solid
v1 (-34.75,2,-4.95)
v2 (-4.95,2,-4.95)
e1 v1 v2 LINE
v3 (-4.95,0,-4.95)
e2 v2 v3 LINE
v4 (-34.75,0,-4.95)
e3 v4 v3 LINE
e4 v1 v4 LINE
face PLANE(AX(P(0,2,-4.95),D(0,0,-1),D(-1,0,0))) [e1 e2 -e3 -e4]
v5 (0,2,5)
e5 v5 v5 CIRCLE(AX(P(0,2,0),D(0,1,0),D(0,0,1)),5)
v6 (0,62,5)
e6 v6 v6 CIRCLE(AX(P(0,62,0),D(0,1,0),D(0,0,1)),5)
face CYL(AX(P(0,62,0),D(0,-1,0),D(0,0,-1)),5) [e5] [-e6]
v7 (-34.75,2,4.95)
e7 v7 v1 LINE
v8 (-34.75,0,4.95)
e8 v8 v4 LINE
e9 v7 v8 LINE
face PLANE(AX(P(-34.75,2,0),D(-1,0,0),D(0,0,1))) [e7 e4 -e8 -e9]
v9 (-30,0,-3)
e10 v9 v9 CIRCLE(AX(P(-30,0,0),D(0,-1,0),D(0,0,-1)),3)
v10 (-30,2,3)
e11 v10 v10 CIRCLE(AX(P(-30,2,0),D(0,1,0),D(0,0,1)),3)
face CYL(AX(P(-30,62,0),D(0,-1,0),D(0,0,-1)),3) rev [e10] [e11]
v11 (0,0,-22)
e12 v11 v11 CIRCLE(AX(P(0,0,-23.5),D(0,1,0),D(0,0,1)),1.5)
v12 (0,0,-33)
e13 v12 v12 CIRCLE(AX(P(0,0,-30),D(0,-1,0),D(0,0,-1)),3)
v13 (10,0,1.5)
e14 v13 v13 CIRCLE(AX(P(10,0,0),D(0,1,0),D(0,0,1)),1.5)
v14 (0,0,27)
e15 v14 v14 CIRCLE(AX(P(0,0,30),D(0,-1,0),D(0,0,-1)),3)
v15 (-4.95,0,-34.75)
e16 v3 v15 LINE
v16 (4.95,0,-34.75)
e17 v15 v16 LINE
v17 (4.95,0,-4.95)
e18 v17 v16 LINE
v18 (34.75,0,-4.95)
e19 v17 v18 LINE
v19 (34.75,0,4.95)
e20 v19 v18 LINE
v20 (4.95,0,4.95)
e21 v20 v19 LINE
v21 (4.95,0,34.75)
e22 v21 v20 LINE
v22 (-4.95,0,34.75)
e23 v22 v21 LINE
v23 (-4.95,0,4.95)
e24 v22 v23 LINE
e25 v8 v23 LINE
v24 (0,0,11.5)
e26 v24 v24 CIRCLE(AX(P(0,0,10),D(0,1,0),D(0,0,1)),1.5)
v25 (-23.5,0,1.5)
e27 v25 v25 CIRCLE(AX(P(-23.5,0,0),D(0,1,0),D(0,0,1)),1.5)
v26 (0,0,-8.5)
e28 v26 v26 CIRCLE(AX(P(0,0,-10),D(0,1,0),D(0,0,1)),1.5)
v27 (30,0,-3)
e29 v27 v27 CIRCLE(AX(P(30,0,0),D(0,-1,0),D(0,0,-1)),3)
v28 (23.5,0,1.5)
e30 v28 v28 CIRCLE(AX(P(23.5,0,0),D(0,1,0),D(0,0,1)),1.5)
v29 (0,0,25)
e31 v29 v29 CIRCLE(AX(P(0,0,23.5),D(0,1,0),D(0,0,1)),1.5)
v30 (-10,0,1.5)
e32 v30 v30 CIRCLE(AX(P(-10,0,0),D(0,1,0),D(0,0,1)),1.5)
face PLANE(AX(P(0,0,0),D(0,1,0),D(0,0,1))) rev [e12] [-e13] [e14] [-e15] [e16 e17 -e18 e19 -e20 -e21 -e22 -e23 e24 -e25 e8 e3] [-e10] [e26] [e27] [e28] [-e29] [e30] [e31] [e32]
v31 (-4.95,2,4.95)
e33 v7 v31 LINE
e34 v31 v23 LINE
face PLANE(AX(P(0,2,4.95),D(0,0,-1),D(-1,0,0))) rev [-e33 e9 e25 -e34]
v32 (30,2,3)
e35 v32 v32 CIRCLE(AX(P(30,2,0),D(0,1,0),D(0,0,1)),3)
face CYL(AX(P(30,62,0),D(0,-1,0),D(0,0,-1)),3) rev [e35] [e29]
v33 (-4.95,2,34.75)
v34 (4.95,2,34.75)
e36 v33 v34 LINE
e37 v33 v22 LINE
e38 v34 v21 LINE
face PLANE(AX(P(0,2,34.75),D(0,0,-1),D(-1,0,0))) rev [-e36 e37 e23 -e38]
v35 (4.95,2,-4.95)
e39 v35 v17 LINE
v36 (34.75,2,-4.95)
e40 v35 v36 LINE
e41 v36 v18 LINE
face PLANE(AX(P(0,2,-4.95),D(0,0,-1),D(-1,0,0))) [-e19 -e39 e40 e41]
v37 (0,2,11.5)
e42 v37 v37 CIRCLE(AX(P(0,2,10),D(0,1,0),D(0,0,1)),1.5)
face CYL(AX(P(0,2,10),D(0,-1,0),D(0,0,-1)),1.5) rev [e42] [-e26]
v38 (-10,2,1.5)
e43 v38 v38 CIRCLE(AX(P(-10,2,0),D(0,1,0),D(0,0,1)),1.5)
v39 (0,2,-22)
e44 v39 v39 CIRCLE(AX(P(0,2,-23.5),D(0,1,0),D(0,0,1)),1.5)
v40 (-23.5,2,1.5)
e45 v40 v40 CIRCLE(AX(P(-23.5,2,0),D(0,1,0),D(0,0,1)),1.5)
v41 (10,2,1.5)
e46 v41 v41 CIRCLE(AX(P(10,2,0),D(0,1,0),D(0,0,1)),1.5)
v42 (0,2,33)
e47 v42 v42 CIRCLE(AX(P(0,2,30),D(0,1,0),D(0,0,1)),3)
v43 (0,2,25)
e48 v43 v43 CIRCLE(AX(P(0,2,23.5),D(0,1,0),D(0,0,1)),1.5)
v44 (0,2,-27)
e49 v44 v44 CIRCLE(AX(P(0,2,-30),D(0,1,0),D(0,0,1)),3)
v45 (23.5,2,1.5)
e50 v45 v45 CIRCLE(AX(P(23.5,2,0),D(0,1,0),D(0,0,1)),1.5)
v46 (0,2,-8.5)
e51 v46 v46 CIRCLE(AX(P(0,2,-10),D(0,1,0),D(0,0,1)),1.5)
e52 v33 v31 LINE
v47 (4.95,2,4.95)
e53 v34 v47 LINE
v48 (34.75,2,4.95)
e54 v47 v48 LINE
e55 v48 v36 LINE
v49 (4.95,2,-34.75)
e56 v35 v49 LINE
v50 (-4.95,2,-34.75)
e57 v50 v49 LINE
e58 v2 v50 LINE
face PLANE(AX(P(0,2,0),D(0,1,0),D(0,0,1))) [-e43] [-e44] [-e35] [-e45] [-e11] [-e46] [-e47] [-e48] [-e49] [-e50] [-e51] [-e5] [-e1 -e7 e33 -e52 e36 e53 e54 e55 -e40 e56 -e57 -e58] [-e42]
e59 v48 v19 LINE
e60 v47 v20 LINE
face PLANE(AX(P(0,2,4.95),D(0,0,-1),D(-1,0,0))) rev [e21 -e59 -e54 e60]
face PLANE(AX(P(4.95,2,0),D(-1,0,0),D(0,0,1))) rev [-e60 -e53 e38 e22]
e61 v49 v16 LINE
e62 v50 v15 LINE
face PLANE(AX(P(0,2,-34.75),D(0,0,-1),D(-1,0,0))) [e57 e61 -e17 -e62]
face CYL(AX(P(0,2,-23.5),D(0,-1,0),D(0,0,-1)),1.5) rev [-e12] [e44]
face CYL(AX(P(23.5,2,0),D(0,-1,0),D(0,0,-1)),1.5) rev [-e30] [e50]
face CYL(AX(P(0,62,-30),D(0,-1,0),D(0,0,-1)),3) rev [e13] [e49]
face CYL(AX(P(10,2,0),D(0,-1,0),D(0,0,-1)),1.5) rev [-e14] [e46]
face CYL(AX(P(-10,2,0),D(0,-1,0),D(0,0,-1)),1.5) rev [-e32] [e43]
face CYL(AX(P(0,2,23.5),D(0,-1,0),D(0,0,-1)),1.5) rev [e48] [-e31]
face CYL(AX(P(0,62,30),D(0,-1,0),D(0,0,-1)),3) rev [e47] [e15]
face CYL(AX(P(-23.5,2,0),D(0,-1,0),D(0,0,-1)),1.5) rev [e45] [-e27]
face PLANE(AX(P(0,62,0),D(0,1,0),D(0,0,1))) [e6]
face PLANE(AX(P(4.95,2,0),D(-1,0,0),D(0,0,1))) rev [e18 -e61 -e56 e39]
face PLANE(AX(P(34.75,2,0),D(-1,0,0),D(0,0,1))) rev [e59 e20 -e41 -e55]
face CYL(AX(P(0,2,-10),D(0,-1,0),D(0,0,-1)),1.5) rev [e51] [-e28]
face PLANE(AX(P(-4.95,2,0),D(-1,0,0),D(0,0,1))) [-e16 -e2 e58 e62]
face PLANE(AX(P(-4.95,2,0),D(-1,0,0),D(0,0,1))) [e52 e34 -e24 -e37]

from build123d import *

# Parameters (mm, degrees)
SKETCH_2_W          = 69.5
SKETCH_2_H          = 9.9
SKETCH_2_R          = 1.5
SKETCH_2_W_2        = 9.9
SKETCH_2_H_2        = 69.5
EXTRUDE_5_DEPTH     = 2
SKETCH_4_R          = 5
EXTRUDE_8_DEPTH     = 60
SKETCH_6_R          = 3
CUT_EXTRUDE_1_DEPTH = 80.114632022


with BuildPart() as part:
    # 草图2 → 凸台-拉伸5 (new body)
    # profile 1 of 2: a face of its own
    with BuildSketch(Plane(origin=(0, 0, 0), x_dir=(1, 0, 0), z_dir=(0, 1, 0))):
        Rectangle(SKETCH_2_W, SKETCH_2_H)
        with Locations(Location((23.5, 0, 0), (0, 0, 270))):
            Circle(SKETCH_2_R, mode=Mode.SUBTRACT)
        with Locations(Location((10, 0, 0), (0, 0, 270))):
            Circle(SKETCH_2_R, mode=Mode.SUBTRACT)
        with Locations(Location((-23.5, 0, 0), (0, 0, 270))):
            Circle(SKETCH_2_R, mode=Mode.SUBTRACT)
        with Locations(Location((-10, 0, 0), (0, 0, 270))):
            Circle(SKETCH_2_R, mode=Mode.SUBTRACT)
    # profile 2 of 2: a face of its own
    with BuildSketch(Plane(origin=(0, 0, 0), x_dir=(1, 0, 0), z_dir=(0, 1, 0))):
        Rectangle(SKETCH_2_W_2, SKETCH_2_H_2)
        with Locations(Location((0, 10, 0), (0, 0, 270))):
            Circle(SKETCH_2_R, mode=Mode.SUBTRACT)
        with Locations(Location((0, 23.5, 0), (0, 0, 270))):
            Circle(SKETCH_2_R, mode=Mode.SUBTRACT)
        with Locations(Location((0, -23.5, 0), (0, 0, 270))):
            Circle(SKETCH_2_R, mode=Mode.SUBTRACT)
        with Locations(Location((0, -10, 0), (0, 0, 270))):
            Circle(SKETCH_2_R, mode=Mode.SUBTRACT)
    extrude(amount=EXTRUDE_5_DEPTH)

    # 草图4 → 凸台-拉伸8 (add)
    with BuildSketch(Plane(origin=(0, 2, 0), x_dir=(1, 0, 0), z_dir=(0, 1, 0))):
        with Locations(Location((0, 0, 0), (0, 0, 270))):
            Circle(SKETCH_4_R)
    extrude(amount=EXTRUDE_8_DEPTH)

    # 草图6 → 切除-拉伸1 (cut, through all)
    with BuildSketch(Plane.XZ):
        with Locations(Location((0, -30, 0), (0, 0, 270))):
            Circle(SKETCH_6_R)
        with Locations(Location((-30, 0, 0), (0, 0, 270))):
            Circle(SKETCH_6_R)
        with Locations(Location((0, 30, 0), (0, 0, 270))):
            Circle(SKETCH_6_R)
        with Locations(Location((30, 0, 0), (0, 0, 270))):
            Circle(SKETCH_6_R)
    extrude(amount=-CUT_EXTRUDE_1_DEPTH, mode=Mode.SUBTRACT)


solid = part.part
